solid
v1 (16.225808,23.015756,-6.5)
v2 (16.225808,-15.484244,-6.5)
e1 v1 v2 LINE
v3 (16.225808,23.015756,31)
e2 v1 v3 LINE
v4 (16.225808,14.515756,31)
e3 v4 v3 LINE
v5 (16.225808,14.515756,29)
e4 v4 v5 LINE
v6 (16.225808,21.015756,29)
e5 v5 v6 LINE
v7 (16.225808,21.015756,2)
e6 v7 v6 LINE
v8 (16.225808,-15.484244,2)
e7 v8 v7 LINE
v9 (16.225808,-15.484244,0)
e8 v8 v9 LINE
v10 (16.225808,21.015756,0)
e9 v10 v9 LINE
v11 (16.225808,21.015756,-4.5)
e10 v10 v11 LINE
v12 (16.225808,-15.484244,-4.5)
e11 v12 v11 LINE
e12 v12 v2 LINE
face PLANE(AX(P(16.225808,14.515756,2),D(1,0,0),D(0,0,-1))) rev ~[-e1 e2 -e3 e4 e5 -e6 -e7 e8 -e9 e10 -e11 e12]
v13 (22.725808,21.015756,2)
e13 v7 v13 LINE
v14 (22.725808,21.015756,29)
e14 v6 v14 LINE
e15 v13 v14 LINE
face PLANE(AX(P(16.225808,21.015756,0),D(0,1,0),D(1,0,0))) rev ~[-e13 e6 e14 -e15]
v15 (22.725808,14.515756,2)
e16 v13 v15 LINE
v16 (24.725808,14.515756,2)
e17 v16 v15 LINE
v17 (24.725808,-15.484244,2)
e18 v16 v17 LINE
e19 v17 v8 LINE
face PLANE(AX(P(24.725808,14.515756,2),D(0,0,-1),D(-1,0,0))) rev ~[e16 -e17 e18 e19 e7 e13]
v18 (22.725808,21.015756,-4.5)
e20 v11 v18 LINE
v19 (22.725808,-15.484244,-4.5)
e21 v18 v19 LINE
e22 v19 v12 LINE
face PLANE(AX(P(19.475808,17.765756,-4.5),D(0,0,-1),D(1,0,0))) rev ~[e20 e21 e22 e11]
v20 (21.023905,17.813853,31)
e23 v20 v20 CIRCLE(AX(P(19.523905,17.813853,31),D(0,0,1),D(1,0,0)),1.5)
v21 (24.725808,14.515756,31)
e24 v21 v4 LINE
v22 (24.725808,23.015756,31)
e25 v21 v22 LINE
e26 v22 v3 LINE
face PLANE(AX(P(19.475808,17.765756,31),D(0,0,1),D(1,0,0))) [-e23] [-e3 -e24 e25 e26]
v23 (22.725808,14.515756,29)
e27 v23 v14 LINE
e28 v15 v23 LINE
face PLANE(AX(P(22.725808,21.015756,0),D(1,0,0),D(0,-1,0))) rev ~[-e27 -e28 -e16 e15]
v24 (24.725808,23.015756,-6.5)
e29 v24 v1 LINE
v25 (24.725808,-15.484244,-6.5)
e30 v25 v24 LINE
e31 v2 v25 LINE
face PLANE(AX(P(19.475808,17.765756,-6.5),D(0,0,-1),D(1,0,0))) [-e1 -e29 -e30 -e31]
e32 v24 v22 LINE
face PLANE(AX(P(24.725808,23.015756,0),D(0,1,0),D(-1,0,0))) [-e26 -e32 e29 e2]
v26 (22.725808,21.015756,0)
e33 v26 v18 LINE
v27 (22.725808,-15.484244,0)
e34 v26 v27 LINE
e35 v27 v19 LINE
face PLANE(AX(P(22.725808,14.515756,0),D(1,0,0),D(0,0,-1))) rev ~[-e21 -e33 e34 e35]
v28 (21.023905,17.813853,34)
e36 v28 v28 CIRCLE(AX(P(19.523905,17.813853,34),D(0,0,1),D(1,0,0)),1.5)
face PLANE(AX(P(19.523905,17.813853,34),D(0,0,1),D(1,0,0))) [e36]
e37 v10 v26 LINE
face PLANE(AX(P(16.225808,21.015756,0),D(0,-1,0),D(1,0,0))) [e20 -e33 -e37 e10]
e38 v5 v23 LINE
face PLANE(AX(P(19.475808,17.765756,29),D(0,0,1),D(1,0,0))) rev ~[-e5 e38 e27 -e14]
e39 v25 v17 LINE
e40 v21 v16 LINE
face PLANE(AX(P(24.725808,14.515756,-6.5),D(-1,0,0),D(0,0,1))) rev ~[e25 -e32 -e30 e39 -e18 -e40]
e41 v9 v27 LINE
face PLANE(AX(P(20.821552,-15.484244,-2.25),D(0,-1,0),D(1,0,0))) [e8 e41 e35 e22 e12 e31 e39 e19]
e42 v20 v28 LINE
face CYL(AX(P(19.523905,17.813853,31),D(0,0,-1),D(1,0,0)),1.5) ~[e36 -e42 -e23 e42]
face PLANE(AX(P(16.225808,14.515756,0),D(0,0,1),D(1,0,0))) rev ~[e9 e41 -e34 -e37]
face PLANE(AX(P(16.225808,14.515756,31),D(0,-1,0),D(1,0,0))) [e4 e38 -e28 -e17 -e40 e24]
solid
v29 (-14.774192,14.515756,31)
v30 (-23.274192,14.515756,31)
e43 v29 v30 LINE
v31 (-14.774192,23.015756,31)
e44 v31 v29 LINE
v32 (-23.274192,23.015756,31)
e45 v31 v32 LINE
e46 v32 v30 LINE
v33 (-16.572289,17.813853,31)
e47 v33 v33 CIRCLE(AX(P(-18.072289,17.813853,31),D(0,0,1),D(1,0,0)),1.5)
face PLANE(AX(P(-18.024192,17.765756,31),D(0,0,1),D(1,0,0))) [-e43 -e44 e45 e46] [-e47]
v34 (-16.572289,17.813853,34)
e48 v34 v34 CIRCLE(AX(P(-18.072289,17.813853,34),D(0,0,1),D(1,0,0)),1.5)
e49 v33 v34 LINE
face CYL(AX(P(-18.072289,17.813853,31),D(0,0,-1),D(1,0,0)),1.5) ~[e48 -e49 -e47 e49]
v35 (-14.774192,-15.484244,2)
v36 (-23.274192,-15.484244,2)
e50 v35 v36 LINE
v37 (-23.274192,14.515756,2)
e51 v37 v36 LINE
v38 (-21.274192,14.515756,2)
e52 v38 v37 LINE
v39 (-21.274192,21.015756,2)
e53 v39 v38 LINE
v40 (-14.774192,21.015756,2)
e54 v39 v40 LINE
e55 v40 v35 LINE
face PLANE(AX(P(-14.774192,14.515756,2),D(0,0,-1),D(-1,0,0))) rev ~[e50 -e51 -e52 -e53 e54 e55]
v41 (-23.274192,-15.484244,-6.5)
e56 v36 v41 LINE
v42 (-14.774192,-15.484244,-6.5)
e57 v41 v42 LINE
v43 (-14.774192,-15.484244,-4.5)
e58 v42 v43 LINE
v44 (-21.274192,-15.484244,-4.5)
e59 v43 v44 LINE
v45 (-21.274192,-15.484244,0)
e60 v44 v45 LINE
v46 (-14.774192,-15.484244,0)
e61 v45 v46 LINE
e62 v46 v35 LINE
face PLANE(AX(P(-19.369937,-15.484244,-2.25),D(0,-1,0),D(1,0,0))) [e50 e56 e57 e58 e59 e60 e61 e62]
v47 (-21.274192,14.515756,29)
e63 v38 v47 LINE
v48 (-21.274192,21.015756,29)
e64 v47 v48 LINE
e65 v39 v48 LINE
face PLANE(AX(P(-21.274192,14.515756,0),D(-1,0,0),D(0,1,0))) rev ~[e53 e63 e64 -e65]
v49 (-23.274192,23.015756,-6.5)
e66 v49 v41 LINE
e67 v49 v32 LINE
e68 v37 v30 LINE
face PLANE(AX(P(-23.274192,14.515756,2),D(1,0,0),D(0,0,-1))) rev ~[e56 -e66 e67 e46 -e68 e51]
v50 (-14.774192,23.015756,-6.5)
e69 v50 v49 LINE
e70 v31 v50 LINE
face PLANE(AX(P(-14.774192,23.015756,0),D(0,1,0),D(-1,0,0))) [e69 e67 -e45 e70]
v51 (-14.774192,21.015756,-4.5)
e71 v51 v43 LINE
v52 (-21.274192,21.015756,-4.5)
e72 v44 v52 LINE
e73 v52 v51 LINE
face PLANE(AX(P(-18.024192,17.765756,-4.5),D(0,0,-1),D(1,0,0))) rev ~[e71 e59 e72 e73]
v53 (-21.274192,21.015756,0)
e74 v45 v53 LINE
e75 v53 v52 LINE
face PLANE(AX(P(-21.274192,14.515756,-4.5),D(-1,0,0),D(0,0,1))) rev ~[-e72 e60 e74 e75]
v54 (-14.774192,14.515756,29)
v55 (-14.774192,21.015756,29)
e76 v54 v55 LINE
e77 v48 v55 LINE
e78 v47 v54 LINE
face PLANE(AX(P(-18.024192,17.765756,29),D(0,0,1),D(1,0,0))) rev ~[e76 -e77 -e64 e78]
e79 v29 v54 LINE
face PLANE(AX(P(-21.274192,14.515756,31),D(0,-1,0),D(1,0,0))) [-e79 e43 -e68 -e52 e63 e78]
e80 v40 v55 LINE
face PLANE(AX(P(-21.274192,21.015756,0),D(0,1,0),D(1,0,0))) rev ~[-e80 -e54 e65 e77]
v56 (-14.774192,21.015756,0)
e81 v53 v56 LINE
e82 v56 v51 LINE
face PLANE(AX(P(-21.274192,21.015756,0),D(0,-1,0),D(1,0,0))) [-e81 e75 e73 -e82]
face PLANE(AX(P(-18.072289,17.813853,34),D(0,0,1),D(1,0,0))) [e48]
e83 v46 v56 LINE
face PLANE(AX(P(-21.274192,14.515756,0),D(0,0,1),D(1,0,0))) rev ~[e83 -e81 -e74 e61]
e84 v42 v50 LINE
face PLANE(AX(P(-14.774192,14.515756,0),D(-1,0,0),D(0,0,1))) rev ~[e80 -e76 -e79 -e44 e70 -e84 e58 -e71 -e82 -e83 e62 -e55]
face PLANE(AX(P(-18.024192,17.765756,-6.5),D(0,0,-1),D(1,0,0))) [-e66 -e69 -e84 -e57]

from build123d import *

# Parameters (mm, degrees)
F1_DEPTH  = 31
F2_W      = 6.5
F2_H      = 6.5
F3_DEPTH  = 2
F4_W      = 6.5
F4_H      = 6.5
F5_DEPTH  = 2
F6_DEPTH  = 6.5
F7_W      = 6.5
F7_H      = 6.5
F8_DEPTH  = 2
F9_W      = 6.5
F9_H      = 6.5
F10_DEPTH = 2
F11_W     = 6.5
F11_H     = 6.5
F12_DEPTH = 2
F13_W     = 6.5
F13_H     = 6.5
F14_DEPTH = 2
F15_R     = 1.5
F16_DEPTH = 3
F17_R     = 1.5
F18_DEPTH = 3
F20_DEPTH = 30
F22_DEPTH = 30


with BuildPart() as f1:
    # F0 (on Top) → F1 (new body)
    with BuildSketch(Plane.XY):
        with BuildLine():
            Line((-14.7741923779, 23.0157557372), (-16.7741923779, 23.0157557372))
            ThreePointArc((-16.7741923779, 23.0157557372), (-21.3703864556, 21.111949815), (-23.2741923779, 16.5157557372))
            Line((-23.2741923779, 16.5157557372), (-23.2741923779, 14.5157557372))
            Line((-23.2741923779, 14.5157557372), (-21.2741923779, 14.5157557372))
            Line((-21.2741923779, 14.5157557372), (-21.2741923779, 16.5157557372))
            Line((-21.2741923779, 16.5157557372), (-21.2741923779, 21.0157557372))
            Line((-21.2741923779, 21.0157557372), (-16.7741923779, 21.0157557372))
            Line((-16.7741923779, 21.0157557372), (-14.7741923779, 21.0157557372))
            Line((-14.7741923779, 21.0157557372), (-14.7741923779, 23.0157557372))
        make_face()
        with BuildLine():
            ThreePointArc((-23.2741923779, 16.5157557372), (-21.3703864556, 21.111949815), (-16.7741923779, 23.0157557372))
            Line((-16.7741923779, 23.0157557372), (-23.2741923779, 23.0157557372))
            Line((-23.2741923779, 23.0157557372), (-23.2741923779, 16.5157557372))
        make_face()
    extrude(amount=F1_DEPTH)

    # F2 (on face) → F3 (join)
    with BuildSketch(Plane(origin=(0, 0, 0), x_dir=(1, 0, 0), z_dir=(0, 0, -1))):
        with Locations((-18.0241923779, -17.7657557372)):
            Rectangle(F2_W, F2_H)
    extrude(amount=-F3_DEPTH)

    # F0 (on Top) → F6 (join)
    with BuildSketch(Plane.XY):
        with BuildLine():
            Line((-14.7741923779, 23.0157557372), (-16.7741923779, 23.0157557372))
            ThreePointArc((-16.7741923779, 23.0157557372), (-21.3703864556, 21.111949815), (-23.2741923779, 16.5157557372))
            Line((-23.2741923779, 16.5157557372), (-23.2741923779, 14.5157557372))
            Line((-23.2741923779, 14.5157557372), (-21.2741923779, 14.5157557372))
            Line((-21.2741923779, 14.5157557372), (-21.2741923779, 16.5157557372))
            Line((-21.2741923779, 16.5157557372), (-21.2741923779, 21.0157557372))
            Line((-21.2741923779, 21.0157557372), (-16.7741923779, 21.0157557372))
            Line((-16.7741923779, 21.0157557372), (-14.7741923779, 21.0157557372))
            Line((-14.7741923779, 21.0157557372), (-14.7741923779, 23.0157557372))
        make_face()
        with BuildLine():
            ThreePointArc((-23.2741923779, 16.5157557372), (-21.3703864556, 21.111949815), (-16.7741923779, 23.0157557372))
            Line((-16.7741923779, 23.0157557372), (-23.2741923779, 23.0157557372))
            Line((-23.2741923779, 23.0157557372), (-23.2741923779, 16.5157557372))
        make_face()
    extrude(amount=-F6_DEPTH)

    # F7 (on face) → F8 (join)
    with BuildSketch(Plane(origin=(0, 0, -6.5), x_dir=(1, 0, 0), z_dir=(0, 0, -1))):
        with Locations((-18.0241923779, -17.7657557372)):
            Rectangle(F7_W, F7_H)
    extrude(amount=-F8_DEPTH)

    # F13 (on face) → F14 (join)
    with BuildSketch(Plane.XY.offset(31)):
        with Locations((-18.0241923779, 17.7657557372)):
            Rectangle(F13_W, F13_H)
    extrude(amount=-F14_DEPTH)

    # F15 (on face) → F16 (join)
    with BuildSketch(Plane.XY.offset(31)):
        with Locations((-18.0722894168, 17.8138527761)):
            Circle(F15_R)
    extrude(amount=F16_DEPTH)

    # F19 (on face) → F20 (join)
    with BuildSketch(Plane.XZ.offset(-14.5157557372)):
        Polygon((-14.7741923779, 0), (-14.7741923779, 2), (-21.2741923779, 2), (-23.2741923779, 2), (-23.2741923779, -6.5), (-14.7741923779, -6.5), (-14.7741923779, -4.5), (-21.2741923779, -4.5), (-21.2741923779, 0), align=None)
    extrude(amount=F20_DEPTH)


with BuildPart() as f1b:
    # F0 (on Top) → F1, piece 2 (new body)
    with BuildSketch(Plane.XY):
        with BuildLine():
            Line((24.7258076221, 14.5157557372), (24.7258076221, 16.5157557372))
            ThreePointArc((24.7258076221, 16.5157557372), (22.8220016998, 21.111949815), (18.2258076221, 23.0157557372))
            Line((18.2258076221, 23.0157557372), (16.2258076221, 23.0157557372))
            Line((16.2258076221, 23.0157557372), (16.2258076221, 21.0157557372))
            Line((16.2258076221, 21.0157557372), (18.2258076221, 21.0157557372))
            Line((18.2258076221, 21.0157557372), (22.7258076221, 21.0157557372))
            Line((22.7258076221, 21.0157557372), (22.7258076221, 16.5157557372))
            Line((22.7258076221, 16.5157557372), (22.7258076221, 14.5157557372))
            Line((22.7258076221, 14.5157557372), (24.7258076221, 14.5157557372))
        make_face()
        with BuildLine():
            ThreePointArc((18.2258076221, 23.0157557372), (22.8220016998, 21.111949815), (24.7258076221, 16.5157557372))
            Line((24.7258076221, 16.5157557372), (24.7258076221, 23.0157557372))
            Line((24.7258076221, 23.0157557372), (18.2258076221, 23.0157557372))
        make_face()
    extrude(amount=F1_DEPTH)

    # F4 (on face) → F5 (join)
    with BuildSketch(Plane(origin=(0, 0, 0), x_dir=(1, 0, 0), z_dir=(0, 0, -1))):
        with Locations((19.4758076221, -17.7657557372)):
            Rectangle(F4_W, F4_H)
    extrude(amount=-F5_DEPTH)

    # F0 (on Top) → F6, piece 2 (join)
    with BuildSketch(Plane.XY):
        with BuildLine():
            Line((24.7258076221, 14.5157557372), (24.7258076221, 16.5157557372))
            ThreePointArc((24.7258076221, 16.5157557372), (22.8220016998, 21.111949815), (18.2258076221, 23.0157557372))
            Line((18.2258076221, 23.0157557372), (16.2258076221, 23.0157557372))
            Line((16.2258076221, 23.0157557372), (16.2258076221, 21.0157557372))
            Line((16.2258076221, 21.0157557372), (18.2258076221, 21.0157557372))
            Line((18.2258076221, 21.0157557372), (22.7258076221, 21.0157557372))
            Line((22.7258076221, 21.0157557372), (22.7258076221, 16.5157557372))
            Line((22.7258076221, 16.5157557372), (22.7258076221, 14.5157557372))
            Line((22.7258076221, 14.5157557372), (24.7258076221, 14.5157557372))
        make_face()
        with BuildLine():
            ThreePointArc((18.2258076221, 23.0157557372), (22.8220016998, 21.111949815), (24.7258076221, 16.5157557372))
            Line((24.7258076221, 16.5157557372), (24.7258076221, 23.0157557372))
            Line((24.7258076221, 23.0157557372), (18.2258076221, 23.0157557372))
        make_face()
    extrude(amount=-F6_DEPTH)

    # F9 (on face) → F10 (join)
    with BuildSketch(Plane(origin=(0, 0, -6.5), x_dir=(1, 0, 0), z_dir=(0, 0, -1))):
        with Locations((19.4758076221, -17.7657557372)):
            Rectangle(F9_W, F9_H)
    extrude(amount=-F10_DEPTH)

    # F11 (on face) → F12 (join)
    with BuildSketch(Plane.XY.offset(31)):
        with Locations((19.4758076221, 17.7657557372)):
            Rectangle(F11_W, F11_H)
    extrude(amount=-F12_DEPTH)

    # F17 (on face) → F18 (join)
    with BuildSketch(Plane.XY.offset(31)):
        with Locations((19.5239046609, 17.8138527761)):
            Circle(F17_R)
    extrude(amount=F18_DEPTH)

    # F21 (on face) → F22 (join)
    with BuildSketch(Plane.XZ.offset(-14.5157557372)):
        Polygon((22.7258076221, 2), (16.2258076221, 2), (16.2258076221, 0), (22.7258076221, 0), (22.7258076221, -4.5), (16.2258076221, -4.5), (16.2258076221, -6.5), (24.7258076221, -6.5), (24.7258076221, 2), align=None)
    extrude(amount=F22_DEPTH)


solid = Compound([f1.part, f1b.part])
